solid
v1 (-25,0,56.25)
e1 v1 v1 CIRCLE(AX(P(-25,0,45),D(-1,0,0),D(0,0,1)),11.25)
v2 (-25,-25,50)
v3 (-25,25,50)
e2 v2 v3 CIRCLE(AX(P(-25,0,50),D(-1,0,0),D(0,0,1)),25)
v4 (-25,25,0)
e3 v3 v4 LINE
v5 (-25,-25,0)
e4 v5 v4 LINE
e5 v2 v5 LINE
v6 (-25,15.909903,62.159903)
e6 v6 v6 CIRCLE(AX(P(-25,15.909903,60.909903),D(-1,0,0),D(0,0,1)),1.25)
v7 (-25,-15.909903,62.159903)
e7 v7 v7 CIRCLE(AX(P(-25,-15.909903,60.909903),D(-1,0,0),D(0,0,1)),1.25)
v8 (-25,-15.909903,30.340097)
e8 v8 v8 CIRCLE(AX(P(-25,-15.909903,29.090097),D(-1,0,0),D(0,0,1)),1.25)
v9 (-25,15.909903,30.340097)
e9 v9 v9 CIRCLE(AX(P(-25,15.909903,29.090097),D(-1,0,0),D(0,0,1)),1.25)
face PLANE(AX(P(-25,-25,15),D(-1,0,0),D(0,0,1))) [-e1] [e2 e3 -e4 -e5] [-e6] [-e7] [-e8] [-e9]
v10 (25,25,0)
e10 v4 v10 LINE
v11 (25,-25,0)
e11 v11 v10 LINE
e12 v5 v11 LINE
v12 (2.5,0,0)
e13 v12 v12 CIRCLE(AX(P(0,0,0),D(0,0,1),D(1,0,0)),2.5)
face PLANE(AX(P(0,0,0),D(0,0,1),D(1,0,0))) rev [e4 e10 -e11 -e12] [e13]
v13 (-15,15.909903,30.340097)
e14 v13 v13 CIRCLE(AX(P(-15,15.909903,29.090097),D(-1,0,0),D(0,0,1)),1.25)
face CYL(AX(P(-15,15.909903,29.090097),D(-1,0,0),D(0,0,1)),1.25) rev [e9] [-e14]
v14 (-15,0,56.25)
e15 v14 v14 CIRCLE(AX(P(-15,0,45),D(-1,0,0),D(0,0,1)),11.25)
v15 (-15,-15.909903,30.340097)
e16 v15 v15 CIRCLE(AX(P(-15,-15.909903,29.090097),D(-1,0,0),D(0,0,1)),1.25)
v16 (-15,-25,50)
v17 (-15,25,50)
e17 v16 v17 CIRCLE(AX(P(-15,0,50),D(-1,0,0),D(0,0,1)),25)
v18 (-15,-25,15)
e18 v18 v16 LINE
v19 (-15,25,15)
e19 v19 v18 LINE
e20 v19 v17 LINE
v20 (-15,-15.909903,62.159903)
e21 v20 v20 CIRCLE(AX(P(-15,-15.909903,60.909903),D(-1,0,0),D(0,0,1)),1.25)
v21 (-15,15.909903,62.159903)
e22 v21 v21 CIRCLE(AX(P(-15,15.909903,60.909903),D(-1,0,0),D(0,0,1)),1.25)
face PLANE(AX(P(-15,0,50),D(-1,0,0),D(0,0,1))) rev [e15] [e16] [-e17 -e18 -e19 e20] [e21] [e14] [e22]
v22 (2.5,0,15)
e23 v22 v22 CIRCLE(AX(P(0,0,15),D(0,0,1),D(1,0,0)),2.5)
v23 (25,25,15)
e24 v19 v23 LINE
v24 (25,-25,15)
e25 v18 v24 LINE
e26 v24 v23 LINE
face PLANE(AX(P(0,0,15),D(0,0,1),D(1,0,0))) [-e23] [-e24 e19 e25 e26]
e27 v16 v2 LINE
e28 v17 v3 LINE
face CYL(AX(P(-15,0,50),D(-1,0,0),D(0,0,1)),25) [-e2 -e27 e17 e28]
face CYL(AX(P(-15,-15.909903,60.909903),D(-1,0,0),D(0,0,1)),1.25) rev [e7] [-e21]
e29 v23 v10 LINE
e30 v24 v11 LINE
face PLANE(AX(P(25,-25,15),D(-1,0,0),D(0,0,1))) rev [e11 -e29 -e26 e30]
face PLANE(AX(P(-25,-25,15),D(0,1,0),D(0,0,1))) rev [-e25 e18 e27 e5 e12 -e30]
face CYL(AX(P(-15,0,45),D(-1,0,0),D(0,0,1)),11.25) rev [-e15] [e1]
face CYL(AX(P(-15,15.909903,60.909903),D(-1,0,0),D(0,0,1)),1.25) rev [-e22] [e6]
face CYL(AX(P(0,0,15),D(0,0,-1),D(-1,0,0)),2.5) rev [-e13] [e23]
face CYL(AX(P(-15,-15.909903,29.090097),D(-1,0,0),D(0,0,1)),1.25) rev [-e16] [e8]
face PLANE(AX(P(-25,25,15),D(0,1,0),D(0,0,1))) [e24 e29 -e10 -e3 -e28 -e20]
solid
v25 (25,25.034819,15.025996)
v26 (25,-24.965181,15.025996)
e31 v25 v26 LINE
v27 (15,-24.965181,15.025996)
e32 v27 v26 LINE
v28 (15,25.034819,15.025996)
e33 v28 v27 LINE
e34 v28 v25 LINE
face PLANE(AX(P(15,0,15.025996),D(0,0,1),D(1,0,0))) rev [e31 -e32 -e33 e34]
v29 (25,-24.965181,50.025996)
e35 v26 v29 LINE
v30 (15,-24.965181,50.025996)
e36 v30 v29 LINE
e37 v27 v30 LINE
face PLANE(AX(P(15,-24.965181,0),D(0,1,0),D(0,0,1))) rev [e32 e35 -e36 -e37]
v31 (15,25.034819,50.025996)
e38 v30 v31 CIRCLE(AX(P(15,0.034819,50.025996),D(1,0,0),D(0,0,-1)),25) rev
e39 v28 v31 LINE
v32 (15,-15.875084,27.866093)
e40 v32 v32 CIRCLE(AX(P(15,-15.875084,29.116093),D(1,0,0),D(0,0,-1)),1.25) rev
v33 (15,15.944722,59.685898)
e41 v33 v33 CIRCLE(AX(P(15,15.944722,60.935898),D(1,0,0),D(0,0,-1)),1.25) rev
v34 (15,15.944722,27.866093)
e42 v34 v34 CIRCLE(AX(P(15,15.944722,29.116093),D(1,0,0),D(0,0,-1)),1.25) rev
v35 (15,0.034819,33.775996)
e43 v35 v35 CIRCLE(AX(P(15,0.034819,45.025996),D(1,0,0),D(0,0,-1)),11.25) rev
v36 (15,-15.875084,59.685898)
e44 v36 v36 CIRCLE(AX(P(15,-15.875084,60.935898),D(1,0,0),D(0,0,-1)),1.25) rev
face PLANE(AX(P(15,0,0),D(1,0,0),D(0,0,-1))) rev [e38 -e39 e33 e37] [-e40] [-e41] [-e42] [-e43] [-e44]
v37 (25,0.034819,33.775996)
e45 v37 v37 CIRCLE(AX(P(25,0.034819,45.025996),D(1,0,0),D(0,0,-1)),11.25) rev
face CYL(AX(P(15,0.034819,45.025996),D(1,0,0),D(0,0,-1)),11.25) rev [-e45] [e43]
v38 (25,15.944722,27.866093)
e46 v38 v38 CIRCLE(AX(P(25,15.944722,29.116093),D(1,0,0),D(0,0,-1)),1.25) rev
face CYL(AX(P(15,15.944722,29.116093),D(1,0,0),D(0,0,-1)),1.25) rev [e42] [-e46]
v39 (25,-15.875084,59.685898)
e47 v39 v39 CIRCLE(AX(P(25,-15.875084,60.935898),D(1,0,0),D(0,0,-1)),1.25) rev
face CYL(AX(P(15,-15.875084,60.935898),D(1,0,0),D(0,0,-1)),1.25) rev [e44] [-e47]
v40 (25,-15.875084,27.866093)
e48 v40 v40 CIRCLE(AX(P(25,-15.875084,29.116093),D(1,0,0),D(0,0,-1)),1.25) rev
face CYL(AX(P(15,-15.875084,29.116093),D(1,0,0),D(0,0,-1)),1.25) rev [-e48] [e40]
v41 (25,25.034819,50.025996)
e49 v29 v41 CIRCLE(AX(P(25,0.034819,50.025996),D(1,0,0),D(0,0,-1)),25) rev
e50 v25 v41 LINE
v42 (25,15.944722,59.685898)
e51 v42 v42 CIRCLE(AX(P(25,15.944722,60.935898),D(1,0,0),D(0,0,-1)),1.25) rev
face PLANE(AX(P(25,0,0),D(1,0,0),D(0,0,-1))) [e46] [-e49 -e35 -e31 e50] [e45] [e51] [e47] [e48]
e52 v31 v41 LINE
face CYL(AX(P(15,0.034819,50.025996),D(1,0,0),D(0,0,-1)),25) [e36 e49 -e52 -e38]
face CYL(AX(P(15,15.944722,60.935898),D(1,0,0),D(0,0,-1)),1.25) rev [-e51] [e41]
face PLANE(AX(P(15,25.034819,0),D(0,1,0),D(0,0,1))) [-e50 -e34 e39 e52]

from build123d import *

# Parameters (mm, degrees)
CROQUIS1_W              = 50
CROQUIS1_H              = 50
CROQUIS1_R              = 2.5
SALIENTE_EXTRUIR1_DEPTH = 15
CROQUIS2_R              = 11.25
CROQUIS2_R_2            = 1.25
SALIENTE_EXTRUIR2_DEPTH = 10
SALIENTE_EXTRUIR3_DEPTH = 10


with BuildPart() as part:
    # Croquis1 → Saliente-Extruir1 (new body)
    with BuildSketch(Plane.XY):
        Rectangle(CROQUIS1_W, CROQUIS1_H)
        Circle(CROQUIS1_R, mode=Mode.SUBTRACT)
    extrude(amount=SALIENTE_EXTRUIR1_DEPTH)

    # Croquis2 → Saliente-Extruir2 (add)
    with BuildSketch(Plane.ZY.offset(25)):
        with BuildLine():
            Line((15, 25), (50, 25))
            ThreePointArc((50, 25), (75, 0), (50, -25))
            Line((50, -25), (15, -25))
            Line((15, -25), (15, 25))
        make_face()
        with Locations((45, 0)):
            Circle(CROQUIS2_R, mode=Mode.SUBTRACT)
        with Locations((60.909902577, -15.909902577)):
            Circle(CROQUIS2_R_2, mode=Mode.SUBTRACT)
        with Locations((60.909902577, 15.909902577)):
            Circle(CROQUIS2_R_2, mode=Mode.SUBTRACT)
        with Locations((29.090097423, 15.909902577)):
            Circle(CROQUIS2_R_2, mode=Mode.SUBTRACT)
        with Locations((29.090097423, -15.909902577)):
            Circle(CROQUIS2_R_2, mode=Mode.SUBTRACT)
    extrude(amount=-SALIENTE_EXTRUIR2_DEPTH)


with BuildPart() as body_2:
    # Croquis4 → Saliente-Extruir3 (new body)
    with BuildSketch(Plane(origin=(25, 0, 0), x_dir=(0, 0, -1), z_dir=(1, 0, 0))):
        with BuildLine():
            Line((-15.025995747, -24.965180979), (-15.025995747, 25.034819021))
            Line((-15.025995747, 25.034819021), (-50.025995747, 25.034819021))
            ThreePointArc((-50.025995747, 25.034819021), (-75.025995747, 0.034819021), (-50.025995747, -24.965180979))
            Line((-50.025995747, -24.965180979), (-15.025995747, -24.965180979))
        make_face()
        with BuildLine():
            ThreePointArc((-59.685898324, -15.875083556), (-62.090747739, -16.353437847), (-60.052014847, -14.99120008))
            ThreePointArc((-60.052014847, -14.99120008), (-59.781048908, -15.396729266), (-59.685898324, -15.875083556))
        make_face(mode=Mode.SUBTRACT)
        with BuildLine():
            ThreePointArc((-27.86609317, -15.875083556), (-29.594447461, -17.029932972), (-29.999976647, -14.99120008))
            ThreePointArc((-29.999976647, -14.99120008), (-28.63773888, -14.72023414), (-27.86609317, -15.875083556))
        make_face(mode=Mode.SUBTRACT)
        with BuildLine():
            ThreePointArc((-59.685898324, 15.944721597), (-59.781048908, 15.466367307), (-60.052014847, 15.060838121))
            ThreePointArc((-60.052014847, 15.060838121), (-62.090747739, 16.423075888), (-59.685898324, 15.944721597))
        make_face(mode=Mode.SUBTRACT)
        with BuildLine():
            ThreePointArc((-33.775995747, 0.034819021), (-34.632351006, -4.270369594), (-37.071044459, -7.920132268))
            ThreePointArc((-37.071044459, -7.920132268), (-45.025995747, -11.215180979), (-52.980947035, -7.920132268))
            ThreePointArc((-52.980947035, -7.920132268), (-56.275995747, 0.034819021), (-52.980947035, 7.989770309))
            ThreePointArc((-52.980947035, 7.989770309), (-45.025995747, 11.284819021), (-37.071044459, 7.989770309))
            ThreePointArc((-37.071044459, 7.989770309), (-34.632351006, 4.340007635), (-33.775995747, 0.034819021))
        make_face(mode=Mode.SUBTRACT)
        with BuildLine():
            ThreePointArc((-27.86609317, 15.944721597), (-28.63773888, 14.789872182), (-29.999976647, 15.060838121))
            ThreePointArc((-29.999976647, 15.060838121), (-29.594447461, 17.099571013), (-27.86609317, 15.944721597))
        make_face(mode=Mode.SUBTRACT)
    extrude(amount=-SALIENTE_EXTRUIR3_DEPTH)


solid = Compound([part.part, body_2.part])
